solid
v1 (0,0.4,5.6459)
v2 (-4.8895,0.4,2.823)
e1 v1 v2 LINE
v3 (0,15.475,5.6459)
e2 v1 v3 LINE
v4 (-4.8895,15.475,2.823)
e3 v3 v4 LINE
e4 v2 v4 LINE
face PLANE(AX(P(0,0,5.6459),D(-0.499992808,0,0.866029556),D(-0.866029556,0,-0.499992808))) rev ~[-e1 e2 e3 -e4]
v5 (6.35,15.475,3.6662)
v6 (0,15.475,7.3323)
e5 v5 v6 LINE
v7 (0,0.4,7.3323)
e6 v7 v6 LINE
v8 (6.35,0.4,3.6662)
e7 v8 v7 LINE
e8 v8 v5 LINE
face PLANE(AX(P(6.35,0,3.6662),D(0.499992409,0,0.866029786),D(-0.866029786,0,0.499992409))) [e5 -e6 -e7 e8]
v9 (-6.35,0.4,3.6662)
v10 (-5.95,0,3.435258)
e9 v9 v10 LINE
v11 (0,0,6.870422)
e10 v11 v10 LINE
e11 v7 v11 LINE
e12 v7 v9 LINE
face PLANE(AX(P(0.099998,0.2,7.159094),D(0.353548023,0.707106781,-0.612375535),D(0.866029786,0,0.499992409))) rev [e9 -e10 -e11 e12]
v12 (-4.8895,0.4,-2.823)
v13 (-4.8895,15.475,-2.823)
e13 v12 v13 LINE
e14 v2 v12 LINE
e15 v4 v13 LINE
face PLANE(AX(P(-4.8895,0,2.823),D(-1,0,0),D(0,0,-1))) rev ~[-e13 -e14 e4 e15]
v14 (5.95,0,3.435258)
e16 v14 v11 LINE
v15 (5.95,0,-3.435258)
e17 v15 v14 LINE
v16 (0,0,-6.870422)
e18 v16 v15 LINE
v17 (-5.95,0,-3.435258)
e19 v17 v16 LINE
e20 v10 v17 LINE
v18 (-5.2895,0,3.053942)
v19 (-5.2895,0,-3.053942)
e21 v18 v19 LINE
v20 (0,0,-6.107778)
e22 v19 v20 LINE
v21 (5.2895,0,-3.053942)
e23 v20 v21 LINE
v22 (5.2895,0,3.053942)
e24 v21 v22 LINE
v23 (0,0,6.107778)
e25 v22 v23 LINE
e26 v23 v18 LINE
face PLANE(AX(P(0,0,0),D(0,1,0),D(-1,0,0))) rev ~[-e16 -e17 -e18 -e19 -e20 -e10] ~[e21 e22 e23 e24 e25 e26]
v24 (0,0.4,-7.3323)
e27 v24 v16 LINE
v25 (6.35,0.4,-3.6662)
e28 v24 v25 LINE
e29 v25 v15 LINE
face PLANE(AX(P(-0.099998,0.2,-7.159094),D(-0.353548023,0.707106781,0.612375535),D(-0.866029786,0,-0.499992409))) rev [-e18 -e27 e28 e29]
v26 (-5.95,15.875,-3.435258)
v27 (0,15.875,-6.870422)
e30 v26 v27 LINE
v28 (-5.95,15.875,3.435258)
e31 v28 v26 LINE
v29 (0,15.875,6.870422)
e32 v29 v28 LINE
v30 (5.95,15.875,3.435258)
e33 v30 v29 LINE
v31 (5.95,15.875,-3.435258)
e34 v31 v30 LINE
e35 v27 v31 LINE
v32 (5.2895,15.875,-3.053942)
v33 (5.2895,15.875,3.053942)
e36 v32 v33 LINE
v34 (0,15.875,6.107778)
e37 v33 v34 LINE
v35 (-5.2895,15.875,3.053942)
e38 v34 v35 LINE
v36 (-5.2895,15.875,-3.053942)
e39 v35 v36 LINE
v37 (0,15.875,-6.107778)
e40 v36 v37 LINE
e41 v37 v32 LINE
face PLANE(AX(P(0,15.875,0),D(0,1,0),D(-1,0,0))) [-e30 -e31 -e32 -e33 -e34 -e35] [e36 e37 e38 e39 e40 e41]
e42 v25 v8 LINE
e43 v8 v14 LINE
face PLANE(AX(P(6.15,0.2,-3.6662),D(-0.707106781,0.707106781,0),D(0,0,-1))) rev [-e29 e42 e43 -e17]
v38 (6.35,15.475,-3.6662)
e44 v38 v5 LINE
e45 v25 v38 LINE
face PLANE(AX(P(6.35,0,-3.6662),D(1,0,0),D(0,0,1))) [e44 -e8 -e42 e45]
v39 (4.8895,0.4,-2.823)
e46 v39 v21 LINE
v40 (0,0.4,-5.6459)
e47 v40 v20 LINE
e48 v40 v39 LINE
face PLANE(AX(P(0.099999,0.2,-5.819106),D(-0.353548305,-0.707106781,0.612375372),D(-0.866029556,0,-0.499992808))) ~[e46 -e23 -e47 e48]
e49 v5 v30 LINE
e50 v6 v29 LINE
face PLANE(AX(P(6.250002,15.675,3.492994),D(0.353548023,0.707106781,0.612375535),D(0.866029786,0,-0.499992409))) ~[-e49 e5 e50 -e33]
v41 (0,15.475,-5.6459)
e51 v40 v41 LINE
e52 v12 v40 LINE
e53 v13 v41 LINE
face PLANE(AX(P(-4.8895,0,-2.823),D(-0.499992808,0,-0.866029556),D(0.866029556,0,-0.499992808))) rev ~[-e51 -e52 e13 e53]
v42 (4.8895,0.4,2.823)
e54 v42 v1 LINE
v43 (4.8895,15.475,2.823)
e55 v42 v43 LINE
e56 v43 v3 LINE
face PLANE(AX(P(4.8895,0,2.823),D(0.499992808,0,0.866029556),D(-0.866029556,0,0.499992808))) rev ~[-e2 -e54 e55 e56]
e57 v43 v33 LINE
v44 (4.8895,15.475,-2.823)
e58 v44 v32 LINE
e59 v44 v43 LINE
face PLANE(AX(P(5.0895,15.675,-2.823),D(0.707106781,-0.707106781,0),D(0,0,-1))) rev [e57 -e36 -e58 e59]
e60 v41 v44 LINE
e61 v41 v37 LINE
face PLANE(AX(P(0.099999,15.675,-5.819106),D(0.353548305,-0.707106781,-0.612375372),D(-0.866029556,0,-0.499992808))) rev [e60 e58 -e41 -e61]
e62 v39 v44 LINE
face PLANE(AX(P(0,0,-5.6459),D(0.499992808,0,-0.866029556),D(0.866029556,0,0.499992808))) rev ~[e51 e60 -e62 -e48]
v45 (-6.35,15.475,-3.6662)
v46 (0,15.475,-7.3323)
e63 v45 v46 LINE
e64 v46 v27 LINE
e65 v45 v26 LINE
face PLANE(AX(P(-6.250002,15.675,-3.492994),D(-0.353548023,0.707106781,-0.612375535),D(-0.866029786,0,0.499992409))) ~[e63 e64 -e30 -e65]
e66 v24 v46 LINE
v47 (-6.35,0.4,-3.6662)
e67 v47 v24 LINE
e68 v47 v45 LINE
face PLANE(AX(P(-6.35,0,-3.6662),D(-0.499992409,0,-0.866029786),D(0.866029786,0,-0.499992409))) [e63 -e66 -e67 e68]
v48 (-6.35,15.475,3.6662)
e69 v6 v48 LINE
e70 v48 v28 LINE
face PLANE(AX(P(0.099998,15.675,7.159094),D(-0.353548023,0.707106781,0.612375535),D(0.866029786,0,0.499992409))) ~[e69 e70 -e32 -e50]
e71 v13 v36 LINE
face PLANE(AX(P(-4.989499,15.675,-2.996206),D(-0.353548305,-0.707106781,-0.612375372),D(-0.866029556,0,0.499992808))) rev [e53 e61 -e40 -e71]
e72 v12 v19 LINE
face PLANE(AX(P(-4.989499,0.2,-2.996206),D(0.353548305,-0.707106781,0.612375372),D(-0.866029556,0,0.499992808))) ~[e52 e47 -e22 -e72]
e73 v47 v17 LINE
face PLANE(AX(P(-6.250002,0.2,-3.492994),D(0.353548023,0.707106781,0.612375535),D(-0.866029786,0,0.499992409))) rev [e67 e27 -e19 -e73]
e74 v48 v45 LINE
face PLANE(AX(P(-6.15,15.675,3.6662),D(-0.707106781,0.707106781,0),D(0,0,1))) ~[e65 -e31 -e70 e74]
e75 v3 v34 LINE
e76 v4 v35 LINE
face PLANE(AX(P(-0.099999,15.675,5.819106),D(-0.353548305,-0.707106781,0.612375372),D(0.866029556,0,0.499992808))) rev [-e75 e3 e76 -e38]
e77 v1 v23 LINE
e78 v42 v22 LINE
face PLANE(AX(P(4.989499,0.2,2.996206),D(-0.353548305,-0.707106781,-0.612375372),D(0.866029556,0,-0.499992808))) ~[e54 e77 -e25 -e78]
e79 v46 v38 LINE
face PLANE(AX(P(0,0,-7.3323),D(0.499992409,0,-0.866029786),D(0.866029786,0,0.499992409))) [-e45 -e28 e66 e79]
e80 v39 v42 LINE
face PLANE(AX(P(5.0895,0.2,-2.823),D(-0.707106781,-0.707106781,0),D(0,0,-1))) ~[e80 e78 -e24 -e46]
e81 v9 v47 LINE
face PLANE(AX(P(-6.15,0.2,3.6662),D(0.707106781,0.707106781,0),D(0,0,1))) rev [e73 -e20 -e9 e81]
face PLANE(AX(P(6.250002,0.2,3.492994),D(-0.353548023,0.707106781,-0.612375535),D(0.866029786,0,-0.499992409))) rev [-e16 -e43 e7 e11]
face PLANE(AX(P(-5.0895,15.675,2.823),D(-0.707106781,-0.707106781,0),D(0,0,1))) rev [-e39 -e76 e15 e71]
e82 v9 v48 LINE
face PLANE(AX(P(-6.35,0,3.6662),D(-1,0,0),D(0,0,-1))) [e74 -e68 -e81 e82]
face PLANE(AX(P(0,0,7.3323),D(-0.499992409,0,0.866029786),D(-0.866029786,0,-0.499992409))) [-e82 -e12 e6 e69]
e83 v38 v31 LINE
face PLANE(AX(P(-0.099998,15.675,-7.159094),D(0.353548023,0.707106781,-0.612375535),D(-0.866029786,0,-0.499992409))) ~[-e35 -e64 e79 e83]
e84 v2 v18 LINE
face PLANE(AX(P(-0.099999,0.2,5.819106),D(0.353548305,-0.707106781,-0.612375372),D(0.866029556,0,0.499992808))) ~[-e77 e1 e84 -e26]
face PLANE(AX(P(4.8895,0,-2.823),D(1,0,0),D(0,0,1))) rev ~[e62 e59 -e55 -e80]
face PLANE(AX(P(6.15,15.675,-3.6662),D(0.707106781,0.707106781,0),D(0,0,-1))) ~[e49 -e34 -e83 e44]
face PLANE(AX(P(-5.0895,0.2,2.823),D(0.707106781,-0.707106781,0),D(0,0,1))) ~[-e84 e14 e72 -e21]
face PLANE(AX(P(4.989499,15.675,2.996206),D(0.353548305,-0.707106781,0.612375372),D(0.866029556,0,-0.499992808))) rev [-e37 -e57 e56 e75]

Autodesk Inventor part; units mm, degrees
ref_plane "YZ Plane" through (0, 0, 0) normal (1, 0, 0) x (0, 1, 0)
ref_plane "XZ Plane" through (0, 0, 0) normal (0, 1, 0) x (-1, 0, 0)
ref_plane "XY Plane" through (0, 0, 0) normal (0, 0, 1) x (1, 0, 0)
sketch "Sketch1" plane through (0, 0, 0) normal (0, 1, 0) x (-1, 0, 0)
  line L0 (6.35, -3.6662) -> (0, -7.3323)
  line L1 (0, -7.3323) -> (-6.35, -3.6662)
  line L2 (-6.35, -3.6662) -> (-6.35, 3.6662)
  line L3 (-6.35, 3.6662) -> (0, 7.3323)
  line L4 (0, 7.3323) -> (6.35, 3.6662)
  line L5 (6.35, 3.6662) -> (6.35, -3.6662)
  line L6 (-4.8895, 2.823) -> (0, 5.6459)
  line L7 (0, 5.6459) -> (4.8895, 2.823)
  line L8 (4.8895, 2.823) -> (4.8895, -2.823)
  line L9 (4.8895, -2.823) -> (0, -5.6459)
  line L10 (0, -5.6459) -> (-4.8895, -2.823)
  line L11 (-4.8895, -2.823) -> (-4.8895, 2.823)
  point P0 (0, 0)
  point P1 (0, 0)
  point P2 (0, 0)
  dimension "d0" = 9.779
  dimension "d1" = 12.7
extrude "Extrusion1" add sketch "Sketch1" along normal blind 15.875
chamfer "Chamfer1" distance 0.4 angle 45 24 edges at (-3.175, 0, 5.4993) (3.175, 0, 5.4993) (6.35, 0, 0) (3.175, 0, -5.4993) (-3.175, 0, -5.4993) (-6.35, 0, 0) (-2.4447, 0, -4.2344) (2.4448, 0, -4.2344) (4.8895, 0, 0) (2.4447, 0, 4.2344) (-2.4447, 0, 4.2344) (-4.8895, 0, 0) (-4.8895, 15.875, 0) (-2.4447, 15.875, 4.2344) (2.4447, 15.875, 4.2344) (4.8895, 15.875, 0) (2.4448, 15.875, -4.2344) (-2.4447, 15.875, -4.2344) (-3.175, 15.875, -5.4993) (-6.35, 15.875, 0) (-3.175, 15.875, 5.4993) (3.175, 15.875, 5.4993) (6.35, 15.875, 0) (3.175, 15.875, -5.4993)
properties part number "0_5_Hex_0_375_Hex_Adapter" material "Aluminum 6061"
